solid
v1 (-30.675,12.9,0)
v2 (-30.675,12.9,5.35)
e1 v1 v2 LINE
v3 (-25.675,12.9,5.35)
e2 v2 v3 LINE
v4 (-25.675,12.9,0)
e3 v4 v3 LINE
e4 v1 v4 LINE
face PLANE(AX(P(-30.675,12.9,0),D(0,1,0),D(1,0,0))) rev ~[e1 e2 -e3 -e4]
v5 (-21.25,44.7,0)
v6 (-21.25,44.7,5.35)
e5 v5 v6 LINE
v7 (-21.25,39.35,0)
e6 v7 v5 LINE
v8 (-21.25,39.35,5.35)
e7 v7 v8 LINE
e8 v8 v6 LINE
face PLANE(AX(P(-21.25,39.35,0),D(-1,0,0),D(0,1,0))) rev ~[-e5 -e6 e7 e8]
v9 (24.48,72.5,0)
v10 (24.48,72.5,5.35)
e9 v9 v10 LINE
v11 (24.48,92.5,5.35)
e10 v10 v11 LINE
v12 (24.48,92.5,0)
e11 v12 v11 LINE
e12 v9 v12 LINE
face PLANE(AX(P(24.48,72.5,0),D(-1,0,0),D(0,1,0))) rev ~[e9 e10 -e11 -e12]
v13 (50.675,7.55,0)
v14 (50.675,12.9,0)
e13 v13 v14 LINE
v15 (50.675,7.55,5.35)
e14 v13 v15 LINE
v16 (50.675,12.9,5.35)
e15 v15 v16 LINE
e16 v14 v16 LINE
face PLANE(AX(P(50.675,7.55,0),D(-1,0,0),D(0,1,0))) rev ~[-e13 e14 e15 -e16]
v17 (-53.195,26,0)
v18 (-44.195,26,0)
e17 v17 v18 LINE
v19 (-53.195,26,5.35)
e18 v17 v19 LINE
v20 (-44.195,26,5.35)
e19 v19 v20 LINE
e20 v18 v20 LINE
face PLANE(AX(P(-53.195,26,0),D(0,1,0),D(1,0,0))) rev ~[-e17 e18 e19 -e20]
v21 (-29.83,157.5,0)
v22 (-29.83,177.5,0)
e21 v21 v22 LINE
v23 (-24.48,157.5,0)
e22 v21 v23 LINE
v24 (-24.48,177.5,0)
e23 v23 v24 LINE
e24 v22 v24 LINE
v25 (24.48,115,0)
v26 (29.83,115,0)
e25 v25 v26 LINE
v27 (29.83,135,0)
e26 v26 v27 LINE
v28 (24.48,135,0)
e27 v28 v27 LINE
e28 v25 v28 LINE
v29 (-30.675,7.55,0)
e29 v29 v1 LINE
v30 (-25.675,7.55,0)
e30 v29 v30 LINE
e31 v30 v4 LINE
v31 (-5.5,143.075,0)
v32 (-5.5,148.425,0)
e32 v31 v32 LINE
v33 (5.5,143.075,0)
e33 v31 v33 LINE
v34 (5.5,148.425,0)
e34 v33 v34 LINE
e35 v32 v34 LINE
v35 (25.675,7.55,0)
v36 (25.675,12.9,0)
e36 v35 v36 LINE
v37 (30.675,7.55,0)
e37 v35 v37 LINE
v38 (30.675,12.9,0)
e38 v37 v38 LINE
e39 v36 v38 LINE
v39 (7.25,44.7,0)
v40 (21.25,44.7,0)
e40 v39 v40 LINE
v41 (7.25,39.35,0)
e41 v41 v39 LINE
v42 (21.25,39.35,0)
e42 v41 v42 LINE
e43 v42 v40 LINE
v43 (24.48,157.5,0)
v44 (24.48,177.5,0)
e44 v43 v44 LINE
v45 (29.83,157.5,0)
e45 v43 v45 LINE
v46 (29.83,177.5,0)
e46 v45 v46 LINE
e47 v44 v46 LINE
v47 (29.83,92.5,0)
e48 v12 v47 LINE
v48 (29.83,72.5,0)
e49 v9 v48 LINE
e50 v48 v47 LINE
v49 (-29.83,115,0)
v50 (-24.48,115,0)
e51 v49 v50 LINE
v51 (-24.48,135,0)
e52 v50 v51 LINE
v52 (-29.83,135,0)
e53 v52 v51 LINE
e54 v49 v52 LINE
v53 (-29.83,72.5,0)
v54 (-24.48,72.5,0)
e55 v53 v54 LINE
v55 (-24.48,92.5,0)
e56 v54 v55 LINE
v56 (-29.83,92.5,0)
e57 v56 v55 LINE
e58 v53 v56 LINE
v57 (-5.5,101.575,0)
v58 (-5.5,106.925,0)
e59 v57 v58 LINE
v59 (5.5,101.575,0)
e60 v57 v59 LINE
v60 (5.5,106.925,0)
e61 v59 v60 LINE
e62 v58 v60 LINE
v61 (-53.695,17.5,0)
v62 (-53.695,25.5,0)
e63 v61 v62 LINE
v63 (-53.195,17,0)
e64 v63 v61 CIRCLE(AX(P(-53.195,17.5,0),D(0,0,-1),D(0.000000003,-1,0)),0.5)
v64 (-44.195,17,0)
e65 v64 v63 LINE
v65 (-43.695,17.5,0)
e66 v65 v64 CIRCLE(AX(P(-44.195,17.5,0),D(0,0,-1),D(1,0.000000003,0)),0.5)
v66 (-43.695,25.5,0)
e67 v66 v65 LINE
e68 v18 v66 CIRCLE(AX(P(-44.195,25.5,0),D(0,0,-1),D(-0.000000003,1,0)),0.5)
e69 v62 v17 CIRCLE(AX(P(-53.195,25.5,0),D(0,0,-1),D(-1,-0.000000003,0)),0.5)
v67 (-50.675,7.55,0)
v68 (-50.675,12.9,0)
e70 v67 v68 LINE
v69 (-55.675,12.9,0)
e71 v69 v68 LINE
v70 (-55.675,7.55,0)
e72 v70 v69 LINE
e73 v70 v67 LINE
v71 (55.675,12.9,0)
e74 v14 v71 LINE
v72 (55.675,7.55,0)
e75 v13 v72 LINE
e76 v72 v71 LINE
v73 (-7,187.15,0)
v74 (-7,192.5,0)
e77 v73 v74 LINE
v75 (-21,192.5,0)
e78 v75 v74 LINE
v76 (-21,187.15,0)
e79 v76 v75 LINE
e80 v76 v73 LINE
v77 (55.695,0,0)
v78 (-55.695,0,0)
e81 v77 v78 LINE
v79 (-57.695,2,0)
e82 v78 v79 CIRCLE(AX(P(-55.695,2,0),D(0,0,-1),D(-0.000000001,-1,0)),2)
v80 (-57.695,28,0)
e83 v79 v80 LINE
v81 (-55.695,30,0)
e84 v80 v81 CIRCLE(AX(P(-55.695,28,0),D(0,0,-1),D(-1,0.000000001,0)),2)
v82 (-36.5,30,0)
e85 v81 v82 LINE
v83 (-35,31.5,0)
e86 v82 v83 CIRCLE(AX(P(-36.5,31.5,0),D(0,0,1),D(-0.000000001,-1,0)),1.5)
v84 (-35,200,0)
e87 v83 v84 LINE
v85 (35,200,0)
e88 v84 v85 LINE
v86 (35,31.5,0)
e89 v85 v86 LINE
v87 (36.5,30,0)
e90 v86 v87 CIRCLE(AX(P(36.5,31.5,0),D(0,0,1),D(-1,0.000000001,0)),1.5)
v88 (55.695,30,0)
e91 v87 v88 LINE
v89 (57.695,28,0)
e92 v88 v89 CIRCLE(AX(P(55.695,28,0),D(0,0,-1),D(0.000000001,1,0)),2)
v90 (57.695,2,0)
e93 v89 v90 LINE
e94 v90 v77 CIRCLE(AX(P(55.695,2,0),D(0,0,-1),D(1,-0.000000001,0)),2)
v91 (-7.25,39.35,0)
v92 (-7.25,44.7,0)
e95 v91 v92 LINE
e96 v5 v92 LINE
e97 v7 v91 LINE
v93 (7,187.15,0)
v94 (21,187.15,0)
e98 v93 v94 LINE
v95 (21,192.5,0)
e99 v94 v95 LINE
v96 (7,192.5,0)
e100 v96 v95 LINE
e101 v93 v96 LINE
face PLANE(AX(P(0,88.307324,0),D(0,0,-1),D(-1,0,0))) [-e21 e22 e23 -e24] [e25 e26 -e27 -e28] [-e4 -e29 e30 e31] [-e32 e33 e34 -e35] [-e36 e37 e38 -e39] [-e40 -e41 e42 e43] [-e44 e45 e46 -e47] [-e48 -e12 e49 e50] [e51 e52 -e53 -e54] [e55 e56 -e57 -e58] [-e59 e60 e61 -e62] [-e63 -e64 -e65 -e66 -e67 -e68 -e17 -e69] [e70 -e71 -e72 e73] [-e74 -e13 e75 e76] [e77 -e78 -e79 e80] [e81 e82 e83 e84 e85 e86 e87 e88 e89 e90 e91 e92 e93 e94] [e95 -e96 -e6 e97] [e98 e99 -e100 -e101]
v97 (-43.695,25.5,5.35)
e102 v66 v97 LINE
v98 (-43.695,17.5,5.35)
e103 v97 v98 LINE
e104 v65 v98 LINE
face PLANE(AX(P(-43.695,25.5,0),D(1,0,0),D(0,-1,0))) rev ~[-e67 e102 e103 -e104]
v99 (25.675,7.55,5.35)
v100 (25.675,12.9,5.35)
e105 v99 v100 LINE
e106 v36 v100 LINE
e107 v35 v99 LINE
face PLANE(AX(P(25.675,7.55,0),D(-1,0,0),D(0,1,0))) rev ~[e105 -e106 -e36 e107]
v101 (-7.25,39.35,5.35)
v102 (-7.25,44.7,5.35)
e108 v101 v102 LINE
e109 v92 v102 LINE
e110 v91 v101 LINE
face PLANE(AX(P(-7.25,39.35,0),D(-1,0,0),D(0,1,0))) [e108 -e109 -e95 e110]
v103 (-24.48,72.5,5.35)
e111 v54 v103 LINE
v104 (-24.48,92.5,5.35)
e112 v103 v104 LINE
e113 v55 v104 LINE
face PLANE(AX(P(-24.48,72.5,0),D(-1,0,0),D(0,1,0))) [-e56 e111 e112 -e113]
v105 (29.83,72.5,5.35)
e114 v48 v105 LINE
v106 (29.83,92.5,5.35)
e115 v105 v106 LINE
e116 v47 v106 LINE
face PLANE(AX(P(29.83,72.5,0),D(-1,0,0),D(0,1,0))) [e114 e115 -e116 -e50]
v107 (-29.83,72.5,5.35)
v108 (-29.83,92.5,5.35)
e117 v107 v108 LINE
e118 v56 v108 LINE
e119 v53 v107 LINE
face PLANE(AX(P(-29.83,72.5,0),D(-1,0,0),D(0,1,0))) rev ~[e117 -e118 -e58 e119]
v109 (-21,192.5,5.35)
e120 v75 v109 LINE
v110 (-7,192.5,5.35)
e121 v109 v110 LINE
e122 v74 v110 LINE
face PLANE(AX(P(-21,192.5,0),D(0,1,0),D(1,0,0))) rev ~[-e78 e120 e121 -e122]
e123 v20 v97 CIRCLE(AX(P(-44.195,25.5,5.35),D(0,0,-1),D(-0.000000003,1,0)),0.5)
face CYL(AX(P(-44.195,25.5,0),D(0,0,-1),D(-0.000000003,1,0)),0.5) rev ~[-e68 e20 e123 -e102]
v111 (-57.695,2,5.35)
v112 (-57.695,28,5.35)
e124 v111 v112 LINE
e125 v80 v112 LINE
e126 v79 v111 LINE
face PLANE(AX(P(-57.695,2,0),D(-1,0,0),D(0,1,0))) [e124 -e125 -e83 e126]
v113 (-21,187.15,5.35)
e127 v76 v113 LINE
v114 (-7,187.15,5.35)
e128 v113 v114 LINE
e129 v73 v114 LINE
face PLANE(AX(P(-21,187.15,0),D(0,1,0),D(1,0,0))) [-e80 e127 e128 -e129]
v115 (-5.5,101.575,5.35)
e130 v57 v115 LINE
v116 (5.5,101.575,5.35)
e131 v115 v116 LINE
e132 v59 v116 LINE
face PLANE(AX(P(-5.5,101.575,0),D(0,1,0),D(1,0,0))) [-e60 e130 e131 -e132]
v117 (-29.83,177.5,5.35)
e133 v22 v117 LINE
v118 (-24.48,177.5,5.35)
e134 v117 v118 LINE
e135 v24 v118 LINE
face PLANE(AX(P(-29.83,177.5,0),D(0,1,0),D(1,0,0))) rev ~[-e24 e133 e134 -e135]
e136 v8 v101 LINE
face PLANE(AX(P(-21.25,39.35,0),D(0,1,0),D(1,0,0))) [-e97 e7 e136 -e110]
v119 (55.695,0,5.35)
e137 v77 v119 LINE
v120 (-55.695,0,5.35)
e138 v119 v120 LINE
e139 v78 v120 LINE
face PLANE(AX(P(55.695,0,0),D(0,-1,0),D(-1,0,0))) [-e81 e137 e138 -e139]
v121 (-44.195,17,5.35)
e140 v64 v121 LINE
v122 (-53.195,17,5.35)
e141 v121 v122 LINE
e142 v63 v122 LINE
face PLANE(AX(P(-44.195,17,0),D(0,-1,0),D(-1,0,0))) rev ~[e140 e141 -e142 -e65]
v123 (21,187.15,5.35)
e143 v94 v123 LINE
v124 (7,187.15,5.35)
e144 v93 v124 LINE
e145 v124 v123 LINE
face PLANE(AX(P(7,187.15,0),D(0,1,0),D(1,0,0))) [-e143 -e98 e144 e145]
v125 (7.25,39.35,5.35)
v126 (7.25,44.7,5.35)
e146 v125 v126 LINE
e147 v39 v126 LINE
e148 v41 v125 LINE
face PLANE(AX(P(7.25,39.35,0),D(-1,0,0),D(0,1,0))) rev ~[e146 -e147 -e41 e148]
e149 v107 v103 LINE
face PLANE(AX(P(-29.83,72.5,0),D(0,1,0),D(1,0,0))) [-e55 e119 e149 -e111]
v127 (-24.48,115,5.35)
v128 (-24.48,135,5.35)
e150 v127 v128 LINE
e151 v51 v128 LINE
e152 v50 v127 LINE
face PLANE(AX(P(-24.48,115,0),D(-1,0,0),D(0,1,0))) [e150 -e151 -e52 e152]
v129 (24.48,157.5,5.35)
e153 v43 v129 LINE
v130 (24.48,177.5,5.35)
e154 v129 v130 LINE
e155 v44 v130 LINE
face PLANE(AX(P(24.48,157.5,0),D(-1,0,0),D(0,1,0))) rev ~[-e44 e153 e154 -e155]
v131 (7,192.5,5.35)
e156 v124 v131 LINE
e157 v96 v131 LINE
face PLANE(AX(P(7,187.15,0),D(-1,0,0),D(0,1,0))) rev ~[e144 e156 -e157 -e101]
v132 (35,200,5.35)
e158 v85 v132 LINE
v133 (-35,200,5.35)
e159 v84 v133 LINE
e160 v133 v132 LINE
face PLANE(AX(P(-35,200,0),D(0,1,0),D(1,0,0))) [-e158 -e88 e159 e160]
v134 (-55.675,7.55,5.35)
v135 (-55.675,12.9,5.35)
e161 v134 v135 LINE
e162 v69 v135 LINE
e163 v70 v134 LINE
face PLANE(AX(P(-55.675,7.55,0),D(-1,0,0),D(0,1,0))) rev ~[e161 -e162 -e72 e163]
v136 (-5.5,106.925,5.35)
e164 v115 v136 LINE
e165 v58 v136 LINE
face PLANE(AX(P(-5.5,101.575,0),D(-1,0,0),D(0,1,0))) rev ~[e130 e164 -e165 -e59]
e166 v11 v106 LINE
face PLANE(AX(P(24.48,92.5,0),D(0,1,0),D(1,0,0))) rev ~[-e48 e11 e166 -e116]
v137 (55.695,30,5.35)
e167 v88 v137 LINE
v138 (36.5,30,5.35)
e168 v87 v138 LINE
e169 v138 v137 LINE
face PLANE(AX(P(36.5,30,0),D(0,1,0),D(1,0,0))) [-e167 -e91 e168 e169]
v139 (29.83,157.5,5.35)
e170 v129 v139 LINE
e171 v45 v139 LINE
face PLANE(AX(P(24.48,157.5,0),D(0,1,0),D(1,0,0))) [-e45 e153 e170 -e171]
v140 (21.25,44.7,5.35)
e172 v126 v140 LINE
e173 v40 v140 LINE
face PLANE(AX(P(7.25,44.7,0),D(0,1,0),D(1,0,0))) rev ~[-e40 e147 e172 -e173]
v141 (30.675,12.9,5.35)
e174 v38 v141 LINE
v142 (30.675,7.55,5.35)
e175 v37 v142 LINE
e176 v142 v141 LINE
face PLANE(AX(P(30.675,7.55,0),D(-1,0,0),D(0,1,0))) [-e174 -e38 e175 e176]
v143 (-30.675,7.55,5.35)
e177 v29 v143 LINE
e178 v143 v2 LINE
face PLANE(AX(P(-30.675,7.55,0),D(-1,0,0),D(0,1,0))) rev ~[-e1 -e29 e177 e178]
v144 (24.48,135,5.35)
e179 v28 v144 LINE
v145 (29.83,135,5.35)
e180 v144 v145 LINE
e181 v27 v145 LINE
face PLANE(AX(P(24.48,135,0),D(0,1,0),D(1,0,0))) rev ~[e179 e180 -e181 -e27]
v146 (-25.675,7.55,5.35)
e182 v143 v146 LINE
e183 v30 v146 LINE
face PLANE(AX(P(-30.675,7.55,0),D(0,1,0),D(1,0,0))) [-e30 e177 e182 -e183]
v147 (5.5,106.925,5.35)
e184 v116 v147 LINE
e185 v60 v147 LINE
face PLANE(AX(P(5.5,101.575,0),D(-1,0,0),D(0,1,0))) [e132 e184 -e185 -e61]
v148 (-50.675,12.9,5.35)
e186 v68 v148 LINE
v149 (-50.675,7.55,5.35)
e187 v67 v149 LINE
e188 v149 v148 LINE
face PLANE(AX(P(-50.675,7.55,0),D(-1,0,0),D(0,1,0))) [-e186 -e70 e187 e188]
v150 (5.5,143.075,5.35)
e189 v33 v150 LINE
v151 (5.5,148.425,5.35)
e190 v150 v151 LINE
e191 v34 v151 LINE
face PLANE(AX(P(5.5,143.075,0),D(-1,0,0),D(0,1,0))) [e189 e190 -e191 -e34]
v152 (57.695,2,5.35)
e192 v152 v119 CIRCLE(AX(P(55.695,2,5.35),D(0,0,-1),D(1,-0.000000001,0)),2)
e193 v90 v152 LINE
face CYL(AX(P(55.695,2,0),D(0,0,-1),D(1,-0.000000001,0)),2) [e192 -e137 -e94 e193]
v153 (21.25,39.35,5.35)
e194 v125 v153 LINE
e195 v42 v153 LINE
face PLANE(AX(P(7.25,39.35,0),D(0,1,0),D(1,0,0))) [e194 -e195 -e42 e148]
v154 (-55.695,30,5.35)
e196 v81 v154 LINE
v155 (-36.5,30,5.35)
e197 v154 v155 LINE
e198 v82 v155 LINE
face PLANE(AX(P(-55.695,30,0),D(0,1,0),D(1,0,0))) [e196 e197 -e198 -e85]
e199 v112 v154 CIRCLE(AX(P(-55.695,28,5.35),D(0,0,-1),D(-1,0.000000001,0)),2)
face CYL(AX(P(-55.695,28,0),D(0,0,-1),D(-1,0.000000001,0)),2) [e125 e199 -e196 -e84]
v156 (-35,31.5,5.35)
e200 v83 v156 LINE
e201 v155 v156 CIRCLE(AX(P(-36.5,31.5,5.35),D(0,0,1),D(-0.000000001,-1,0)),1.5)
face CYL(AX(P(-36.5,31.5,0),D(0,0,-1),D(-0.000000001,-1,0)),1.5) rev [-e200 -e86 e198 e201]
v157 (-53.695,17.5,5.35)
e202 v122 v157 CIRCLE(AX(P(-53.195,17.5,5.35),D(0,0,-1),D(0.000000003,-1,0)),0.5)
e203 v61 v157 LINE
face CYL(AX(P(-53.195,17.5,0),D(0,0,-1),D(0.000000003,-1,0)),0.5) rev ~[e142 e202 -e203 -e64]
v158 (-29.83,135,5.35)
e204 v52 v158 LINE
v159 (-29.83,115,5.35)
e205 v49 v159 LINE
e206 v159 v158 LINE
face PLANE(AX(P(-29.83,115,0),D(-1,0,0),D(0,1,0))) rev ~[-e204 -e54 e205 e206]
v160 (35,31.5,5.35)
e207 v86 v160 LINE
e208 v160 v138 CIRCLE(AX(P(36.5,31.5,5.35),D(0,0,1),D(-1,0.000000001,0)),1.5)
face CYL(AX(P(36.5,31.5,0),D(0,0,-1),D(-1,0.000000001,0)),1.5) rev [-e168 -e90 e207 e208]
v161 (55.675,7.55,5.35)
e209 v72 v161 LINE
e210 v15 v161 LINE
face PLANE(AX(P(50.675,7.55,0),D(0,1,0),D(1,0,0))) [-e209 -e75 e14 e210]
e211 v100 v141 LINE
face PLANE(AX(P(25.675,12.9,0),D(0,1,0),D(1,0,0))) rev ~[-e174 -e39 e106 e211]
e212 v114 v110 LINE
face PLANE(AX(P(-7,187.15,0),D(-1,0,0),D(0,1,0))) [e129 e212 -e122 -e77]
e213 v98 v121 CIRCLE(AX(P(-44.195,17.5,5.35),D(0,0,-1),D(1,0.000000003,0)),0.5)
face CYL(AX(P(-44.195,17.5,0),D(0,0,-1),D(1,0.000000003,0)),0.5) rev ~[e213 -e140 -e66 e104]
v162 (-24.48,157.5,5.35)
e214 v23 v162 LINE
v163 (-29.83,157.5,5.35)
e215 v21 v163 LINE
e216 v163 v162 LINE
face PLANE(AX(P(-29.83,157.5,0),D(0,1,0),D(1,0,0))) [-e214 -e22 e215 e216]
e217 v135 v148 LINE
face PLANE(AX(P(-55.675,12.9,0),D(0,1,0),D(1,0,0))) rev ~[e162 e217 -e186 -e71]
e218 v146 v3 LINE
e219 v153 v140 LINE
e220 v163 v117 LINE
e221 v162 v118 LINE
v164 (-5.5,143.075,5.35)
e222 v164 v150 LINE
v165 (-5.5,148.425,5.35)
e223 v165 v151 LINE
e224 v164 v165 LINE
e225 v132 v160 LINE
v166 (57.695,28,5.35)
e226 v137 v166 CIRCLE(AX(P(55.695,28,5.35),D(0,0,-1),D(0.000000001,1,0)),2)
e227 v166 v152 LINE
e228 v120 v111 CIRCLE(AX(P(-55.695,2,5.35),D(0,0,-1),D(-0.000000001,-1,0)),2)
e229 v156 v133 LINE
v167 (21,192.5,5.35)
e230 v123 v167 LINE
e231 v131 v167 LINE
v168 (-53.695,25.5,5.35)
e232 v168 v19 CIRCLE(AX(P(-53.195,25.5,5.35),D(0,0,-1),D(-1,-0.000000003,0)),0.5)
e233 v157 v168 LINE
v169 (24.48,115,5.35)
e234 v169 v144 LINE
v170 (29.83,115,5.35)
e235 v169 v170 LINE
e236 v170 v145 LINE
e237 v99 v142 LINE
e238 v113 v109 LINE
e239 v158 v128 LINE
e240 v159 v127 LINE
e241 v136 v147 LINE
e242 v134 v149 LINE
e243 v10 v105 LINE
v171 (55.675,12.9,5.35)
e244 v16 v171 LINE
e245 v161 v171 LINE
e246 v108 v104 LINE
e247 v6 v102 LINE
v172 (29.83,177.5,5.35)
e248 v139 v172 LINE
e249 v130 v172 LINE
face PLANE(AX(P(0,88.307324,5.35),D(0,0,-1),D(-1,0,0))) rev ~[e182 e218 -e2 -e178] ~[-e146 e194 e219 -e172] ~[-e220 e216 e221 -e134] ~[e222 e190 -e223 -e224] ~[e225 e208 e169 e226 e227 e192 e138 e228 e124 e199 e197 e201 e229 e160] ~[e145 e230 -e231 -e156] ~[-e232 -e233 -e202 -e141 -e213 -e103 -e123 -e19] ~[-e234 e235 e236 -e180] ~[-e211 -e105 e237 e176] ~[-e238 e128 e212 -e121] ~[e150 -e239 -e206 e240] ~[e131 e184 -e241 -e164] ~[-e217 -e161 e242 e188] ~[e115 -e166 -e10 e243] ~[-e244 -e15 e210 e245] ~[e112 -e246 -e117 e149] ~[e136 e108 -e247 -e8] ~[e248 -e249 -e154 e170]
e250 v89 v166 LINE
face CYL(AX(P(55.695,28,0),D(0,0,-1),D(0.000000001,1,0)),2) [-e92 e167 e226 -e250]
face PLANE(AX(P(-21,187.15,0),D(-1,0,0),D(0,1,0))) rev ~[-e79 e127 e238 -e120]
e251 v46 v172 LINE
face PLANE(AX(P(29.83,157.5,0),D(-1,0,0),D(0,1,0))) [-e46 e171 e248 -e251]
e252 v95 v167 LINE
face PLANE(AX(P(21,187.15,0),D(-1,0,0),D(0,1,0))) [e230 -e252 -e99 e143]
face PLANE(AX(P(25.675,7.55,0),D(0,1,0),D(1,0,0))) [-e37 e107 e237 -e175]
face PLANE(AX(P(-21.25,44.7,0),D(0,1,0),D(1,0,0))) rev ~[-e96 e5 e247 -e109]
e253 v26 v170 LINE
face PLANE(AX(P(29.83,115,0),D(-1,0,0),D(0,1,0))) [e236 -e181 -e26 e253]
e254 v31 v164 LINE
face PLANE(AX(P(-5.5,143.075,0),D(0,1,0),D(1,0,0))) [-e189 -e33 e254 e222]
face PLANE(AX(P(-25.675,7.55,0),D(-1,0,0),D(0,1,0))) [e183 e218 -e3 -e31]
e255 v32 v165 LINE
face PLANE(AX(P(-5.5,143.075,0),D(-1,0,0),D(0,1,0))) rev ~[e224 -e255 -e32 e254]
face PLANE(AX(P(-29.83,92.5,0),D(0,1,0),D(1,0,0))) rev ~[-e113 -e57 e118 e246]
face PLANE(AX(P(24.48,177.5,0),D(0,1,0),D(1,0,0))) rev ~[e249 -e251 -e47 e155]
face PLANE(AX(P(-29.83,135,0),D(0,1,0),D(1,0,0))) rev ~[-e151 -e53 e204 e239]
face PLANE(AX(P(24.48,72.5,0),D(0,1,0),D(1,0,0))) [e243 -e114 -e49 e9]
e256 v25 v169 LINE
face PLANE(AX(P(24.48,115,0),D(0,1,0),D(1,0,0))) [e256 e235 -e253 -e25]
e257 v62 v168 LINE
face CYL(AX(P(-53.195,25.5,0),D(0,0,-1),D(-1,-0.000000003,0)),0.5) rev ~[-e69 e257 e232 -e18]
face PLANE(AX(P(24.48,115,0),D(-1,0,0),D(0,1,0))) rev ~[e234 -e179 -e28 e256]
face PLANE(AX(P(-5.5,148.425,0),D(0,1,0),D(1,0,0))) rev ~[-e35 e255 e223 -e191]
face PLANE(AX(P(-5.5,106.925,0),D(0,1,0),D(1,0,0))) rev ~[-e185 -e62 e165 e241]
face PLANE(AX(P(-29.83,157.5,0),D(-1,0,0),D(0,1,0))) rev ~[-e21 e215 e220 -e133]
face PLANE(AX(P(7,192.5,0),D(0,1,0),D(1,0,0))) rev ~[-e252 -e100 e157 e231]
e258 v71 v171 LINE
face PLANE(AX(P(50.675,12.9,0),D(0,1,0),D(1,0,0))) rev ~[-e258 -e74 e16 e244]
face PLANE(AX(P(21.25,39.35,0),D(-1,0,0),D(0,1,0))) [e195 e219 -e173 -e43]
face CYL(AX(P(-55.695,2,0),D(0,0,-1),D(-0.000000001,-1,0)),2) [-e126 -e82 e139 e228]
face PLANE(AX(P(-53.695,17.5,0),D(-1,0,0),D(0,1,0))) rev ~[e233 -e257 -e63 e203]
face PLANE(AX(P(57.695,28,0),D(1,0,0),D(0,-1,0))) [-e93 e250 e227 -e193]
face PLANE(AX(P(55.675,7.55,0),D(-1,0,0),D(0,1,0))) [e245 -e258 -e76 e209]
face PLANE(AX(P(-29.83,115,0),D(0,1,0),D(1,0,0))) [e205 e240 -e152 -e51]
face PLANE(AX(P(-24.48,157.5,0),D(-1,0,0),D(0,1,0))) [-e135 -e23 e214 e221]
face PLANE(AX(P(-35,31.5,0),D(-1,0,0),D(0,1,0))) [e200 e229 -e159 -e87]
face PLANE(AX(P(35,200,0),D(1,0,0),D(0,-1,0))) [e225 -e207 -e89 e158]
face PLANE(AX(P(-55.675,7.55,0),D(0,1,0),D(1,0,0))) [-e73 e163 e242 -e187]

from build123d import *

# Parameters (mm, degrees)
MODEL_W             = 5
MODEL_H             = 5.35
MODEL_W_2           = 14
MODEL_W_3           = 11
MODEL_W_4           = 5.35
MODEL_H_2           = 20
BOSS_EXTRUDE1_DEPTH = 5.35


with BuildPart() as part:
    # Model → Boss-Extrude1 (new body)
    with BuildSketch(Plane.XY):
        with BuildLine():
            Line((-55.695, 30), (-36.5, 30))
            ThreePointArc((-36.5, 30), (-35.439339828, 30.439339828), (-35, 31.5))
            Line((-35, 31.5), (-35, 200))
            Line((-35, 200), (35, 200))
            Line((35, 200), (35, 31.5))
            ThreePointArc((35, 31.5), (35.439339828, 30.439339828), (36.5, 30))
            Line((36.5, 30), (55.695, 30))
            ThreePointArc((55.695, 30), (57.109213562, 29.414213562), (57.695, 28))
            Line((57.695, 28), (57.695, 2))
            ThreePointArc((57.695, 2), (57.109213562, 0.585786438), (55.695, 0))
            Line((55.695, 0), (-55.695, 0))
            ThreePointArc((-55.695, 0), (-57.109213562, 0.585786438), (-57.695, 2))
            Line((-57.695, 2), (-57.695, 28))
            ThreePointArc((-57.695, 28), (-57.109213562, 29.414213562), (-55.695, 30))
        make_face()
        with Locations((53.175, 10.225)):
            Rectangle(MODEL_W, MODEL_H, mode=Mode.SUBTRACT)
        with Locations((-53.175, 10.225)):
            Rectangle(MODEL_W, MODEL_H, mode=Mode.SUBTRACT)
        with Locations((14.25, 42.025)):
            Rectangle(MODEL_W_2, MODEL_H, mode=Mode.SUBTRACT)
        with Locations((0, 145.75)):
            Rectangle(MODEL_W_3, MODEL_H, mode=Mode.SUBTRACT)
        with Locations((0, 104.25)):
            Rectangle(MODEL_W_3, MODEL_H, mode=Mode.SUBTRACT)
        with Locations((-14, 189.825)):
            Rectangle(MODEL_W_2, MODEL_H, mode=Mode.SUBTRACT)
        with Locations((-27.155, 167.5)):
            Rectangle(MODEL_W_4, MODEL_H_2, mode=Mode.SUBTRACT)
        with Locations((-27.155, 125)):
            Rectangle(MODEL_W_4, MODEL_H_2, mode=Mode.SUBTRACT)
        with Locations((-27.155, 82.5)):
            Rectangle(MODEL_W_4, MODEL_H_2, mode=Mode.SUBTRACT)
        with Locations((-14.25, 42.025)):
            Rectangle(MODEL_W_2, MODEL_H, mode=Mode.SUBTRACT)
        with Locations((27.155, 82.5)):
            Rectangle(MODEL_W_4, MODEL_H_2, mode=Mode.SUBTRACT)
        with Locations((27.155, 125)):
            Rectangle(MODEL_W_4, MODEL_H_2, mode=Mode.SUBTRACT)
        with Locations((27.155, 167.5)):
            Rectangle(MODEL_W_4, MODEL_H_2, mode=Mode.SUBTRACT)
        with Locations((14, 189.825)):
            Rectangle(MODEL_W_2, MODEL_H, mode=Mode.SUBTRACT)
        with Locations((-28.175, 10.225)):
            Rectangle(MODEL_W, MODEL_H, mode=Mode.SUBTRACT)
        with BuildLine():
            Line((-53.195, 26), (-44.195, 26))
            ThreePointArc((-44.195, 26), (-43.841446609, 25.853553391), (-43.695, 25.5))
            Line((-43.695, 25.5), (-43.695, 17.5))
            ThreePointArc((-43.695, 17.5), (-43.841446609, 17.146446609), (-44.195, 17))
            Line((-44.195, 17), (-53.195, 17))
            ThreePointArc((-53.195, 17), (-53.548553391, 17.146446609), (-53.695, 17.5))
            Line((-53.695, 17.5), (-53.695, 25.5))
            ThreePointArc((-53.695, 25.5), (-53.548553391, 25.853553391), (-53.195, 26))
        make_face(mode=Mode.SUBTRACT)
        with Locations((28.175, 10.225)):
            Rectangle(MODEL_W, MODEL_H, mode=Mode.SUBTRACT)
    extrude(amount=BOSS_EXTRUDE1_DEPTH)


solid = part.part
